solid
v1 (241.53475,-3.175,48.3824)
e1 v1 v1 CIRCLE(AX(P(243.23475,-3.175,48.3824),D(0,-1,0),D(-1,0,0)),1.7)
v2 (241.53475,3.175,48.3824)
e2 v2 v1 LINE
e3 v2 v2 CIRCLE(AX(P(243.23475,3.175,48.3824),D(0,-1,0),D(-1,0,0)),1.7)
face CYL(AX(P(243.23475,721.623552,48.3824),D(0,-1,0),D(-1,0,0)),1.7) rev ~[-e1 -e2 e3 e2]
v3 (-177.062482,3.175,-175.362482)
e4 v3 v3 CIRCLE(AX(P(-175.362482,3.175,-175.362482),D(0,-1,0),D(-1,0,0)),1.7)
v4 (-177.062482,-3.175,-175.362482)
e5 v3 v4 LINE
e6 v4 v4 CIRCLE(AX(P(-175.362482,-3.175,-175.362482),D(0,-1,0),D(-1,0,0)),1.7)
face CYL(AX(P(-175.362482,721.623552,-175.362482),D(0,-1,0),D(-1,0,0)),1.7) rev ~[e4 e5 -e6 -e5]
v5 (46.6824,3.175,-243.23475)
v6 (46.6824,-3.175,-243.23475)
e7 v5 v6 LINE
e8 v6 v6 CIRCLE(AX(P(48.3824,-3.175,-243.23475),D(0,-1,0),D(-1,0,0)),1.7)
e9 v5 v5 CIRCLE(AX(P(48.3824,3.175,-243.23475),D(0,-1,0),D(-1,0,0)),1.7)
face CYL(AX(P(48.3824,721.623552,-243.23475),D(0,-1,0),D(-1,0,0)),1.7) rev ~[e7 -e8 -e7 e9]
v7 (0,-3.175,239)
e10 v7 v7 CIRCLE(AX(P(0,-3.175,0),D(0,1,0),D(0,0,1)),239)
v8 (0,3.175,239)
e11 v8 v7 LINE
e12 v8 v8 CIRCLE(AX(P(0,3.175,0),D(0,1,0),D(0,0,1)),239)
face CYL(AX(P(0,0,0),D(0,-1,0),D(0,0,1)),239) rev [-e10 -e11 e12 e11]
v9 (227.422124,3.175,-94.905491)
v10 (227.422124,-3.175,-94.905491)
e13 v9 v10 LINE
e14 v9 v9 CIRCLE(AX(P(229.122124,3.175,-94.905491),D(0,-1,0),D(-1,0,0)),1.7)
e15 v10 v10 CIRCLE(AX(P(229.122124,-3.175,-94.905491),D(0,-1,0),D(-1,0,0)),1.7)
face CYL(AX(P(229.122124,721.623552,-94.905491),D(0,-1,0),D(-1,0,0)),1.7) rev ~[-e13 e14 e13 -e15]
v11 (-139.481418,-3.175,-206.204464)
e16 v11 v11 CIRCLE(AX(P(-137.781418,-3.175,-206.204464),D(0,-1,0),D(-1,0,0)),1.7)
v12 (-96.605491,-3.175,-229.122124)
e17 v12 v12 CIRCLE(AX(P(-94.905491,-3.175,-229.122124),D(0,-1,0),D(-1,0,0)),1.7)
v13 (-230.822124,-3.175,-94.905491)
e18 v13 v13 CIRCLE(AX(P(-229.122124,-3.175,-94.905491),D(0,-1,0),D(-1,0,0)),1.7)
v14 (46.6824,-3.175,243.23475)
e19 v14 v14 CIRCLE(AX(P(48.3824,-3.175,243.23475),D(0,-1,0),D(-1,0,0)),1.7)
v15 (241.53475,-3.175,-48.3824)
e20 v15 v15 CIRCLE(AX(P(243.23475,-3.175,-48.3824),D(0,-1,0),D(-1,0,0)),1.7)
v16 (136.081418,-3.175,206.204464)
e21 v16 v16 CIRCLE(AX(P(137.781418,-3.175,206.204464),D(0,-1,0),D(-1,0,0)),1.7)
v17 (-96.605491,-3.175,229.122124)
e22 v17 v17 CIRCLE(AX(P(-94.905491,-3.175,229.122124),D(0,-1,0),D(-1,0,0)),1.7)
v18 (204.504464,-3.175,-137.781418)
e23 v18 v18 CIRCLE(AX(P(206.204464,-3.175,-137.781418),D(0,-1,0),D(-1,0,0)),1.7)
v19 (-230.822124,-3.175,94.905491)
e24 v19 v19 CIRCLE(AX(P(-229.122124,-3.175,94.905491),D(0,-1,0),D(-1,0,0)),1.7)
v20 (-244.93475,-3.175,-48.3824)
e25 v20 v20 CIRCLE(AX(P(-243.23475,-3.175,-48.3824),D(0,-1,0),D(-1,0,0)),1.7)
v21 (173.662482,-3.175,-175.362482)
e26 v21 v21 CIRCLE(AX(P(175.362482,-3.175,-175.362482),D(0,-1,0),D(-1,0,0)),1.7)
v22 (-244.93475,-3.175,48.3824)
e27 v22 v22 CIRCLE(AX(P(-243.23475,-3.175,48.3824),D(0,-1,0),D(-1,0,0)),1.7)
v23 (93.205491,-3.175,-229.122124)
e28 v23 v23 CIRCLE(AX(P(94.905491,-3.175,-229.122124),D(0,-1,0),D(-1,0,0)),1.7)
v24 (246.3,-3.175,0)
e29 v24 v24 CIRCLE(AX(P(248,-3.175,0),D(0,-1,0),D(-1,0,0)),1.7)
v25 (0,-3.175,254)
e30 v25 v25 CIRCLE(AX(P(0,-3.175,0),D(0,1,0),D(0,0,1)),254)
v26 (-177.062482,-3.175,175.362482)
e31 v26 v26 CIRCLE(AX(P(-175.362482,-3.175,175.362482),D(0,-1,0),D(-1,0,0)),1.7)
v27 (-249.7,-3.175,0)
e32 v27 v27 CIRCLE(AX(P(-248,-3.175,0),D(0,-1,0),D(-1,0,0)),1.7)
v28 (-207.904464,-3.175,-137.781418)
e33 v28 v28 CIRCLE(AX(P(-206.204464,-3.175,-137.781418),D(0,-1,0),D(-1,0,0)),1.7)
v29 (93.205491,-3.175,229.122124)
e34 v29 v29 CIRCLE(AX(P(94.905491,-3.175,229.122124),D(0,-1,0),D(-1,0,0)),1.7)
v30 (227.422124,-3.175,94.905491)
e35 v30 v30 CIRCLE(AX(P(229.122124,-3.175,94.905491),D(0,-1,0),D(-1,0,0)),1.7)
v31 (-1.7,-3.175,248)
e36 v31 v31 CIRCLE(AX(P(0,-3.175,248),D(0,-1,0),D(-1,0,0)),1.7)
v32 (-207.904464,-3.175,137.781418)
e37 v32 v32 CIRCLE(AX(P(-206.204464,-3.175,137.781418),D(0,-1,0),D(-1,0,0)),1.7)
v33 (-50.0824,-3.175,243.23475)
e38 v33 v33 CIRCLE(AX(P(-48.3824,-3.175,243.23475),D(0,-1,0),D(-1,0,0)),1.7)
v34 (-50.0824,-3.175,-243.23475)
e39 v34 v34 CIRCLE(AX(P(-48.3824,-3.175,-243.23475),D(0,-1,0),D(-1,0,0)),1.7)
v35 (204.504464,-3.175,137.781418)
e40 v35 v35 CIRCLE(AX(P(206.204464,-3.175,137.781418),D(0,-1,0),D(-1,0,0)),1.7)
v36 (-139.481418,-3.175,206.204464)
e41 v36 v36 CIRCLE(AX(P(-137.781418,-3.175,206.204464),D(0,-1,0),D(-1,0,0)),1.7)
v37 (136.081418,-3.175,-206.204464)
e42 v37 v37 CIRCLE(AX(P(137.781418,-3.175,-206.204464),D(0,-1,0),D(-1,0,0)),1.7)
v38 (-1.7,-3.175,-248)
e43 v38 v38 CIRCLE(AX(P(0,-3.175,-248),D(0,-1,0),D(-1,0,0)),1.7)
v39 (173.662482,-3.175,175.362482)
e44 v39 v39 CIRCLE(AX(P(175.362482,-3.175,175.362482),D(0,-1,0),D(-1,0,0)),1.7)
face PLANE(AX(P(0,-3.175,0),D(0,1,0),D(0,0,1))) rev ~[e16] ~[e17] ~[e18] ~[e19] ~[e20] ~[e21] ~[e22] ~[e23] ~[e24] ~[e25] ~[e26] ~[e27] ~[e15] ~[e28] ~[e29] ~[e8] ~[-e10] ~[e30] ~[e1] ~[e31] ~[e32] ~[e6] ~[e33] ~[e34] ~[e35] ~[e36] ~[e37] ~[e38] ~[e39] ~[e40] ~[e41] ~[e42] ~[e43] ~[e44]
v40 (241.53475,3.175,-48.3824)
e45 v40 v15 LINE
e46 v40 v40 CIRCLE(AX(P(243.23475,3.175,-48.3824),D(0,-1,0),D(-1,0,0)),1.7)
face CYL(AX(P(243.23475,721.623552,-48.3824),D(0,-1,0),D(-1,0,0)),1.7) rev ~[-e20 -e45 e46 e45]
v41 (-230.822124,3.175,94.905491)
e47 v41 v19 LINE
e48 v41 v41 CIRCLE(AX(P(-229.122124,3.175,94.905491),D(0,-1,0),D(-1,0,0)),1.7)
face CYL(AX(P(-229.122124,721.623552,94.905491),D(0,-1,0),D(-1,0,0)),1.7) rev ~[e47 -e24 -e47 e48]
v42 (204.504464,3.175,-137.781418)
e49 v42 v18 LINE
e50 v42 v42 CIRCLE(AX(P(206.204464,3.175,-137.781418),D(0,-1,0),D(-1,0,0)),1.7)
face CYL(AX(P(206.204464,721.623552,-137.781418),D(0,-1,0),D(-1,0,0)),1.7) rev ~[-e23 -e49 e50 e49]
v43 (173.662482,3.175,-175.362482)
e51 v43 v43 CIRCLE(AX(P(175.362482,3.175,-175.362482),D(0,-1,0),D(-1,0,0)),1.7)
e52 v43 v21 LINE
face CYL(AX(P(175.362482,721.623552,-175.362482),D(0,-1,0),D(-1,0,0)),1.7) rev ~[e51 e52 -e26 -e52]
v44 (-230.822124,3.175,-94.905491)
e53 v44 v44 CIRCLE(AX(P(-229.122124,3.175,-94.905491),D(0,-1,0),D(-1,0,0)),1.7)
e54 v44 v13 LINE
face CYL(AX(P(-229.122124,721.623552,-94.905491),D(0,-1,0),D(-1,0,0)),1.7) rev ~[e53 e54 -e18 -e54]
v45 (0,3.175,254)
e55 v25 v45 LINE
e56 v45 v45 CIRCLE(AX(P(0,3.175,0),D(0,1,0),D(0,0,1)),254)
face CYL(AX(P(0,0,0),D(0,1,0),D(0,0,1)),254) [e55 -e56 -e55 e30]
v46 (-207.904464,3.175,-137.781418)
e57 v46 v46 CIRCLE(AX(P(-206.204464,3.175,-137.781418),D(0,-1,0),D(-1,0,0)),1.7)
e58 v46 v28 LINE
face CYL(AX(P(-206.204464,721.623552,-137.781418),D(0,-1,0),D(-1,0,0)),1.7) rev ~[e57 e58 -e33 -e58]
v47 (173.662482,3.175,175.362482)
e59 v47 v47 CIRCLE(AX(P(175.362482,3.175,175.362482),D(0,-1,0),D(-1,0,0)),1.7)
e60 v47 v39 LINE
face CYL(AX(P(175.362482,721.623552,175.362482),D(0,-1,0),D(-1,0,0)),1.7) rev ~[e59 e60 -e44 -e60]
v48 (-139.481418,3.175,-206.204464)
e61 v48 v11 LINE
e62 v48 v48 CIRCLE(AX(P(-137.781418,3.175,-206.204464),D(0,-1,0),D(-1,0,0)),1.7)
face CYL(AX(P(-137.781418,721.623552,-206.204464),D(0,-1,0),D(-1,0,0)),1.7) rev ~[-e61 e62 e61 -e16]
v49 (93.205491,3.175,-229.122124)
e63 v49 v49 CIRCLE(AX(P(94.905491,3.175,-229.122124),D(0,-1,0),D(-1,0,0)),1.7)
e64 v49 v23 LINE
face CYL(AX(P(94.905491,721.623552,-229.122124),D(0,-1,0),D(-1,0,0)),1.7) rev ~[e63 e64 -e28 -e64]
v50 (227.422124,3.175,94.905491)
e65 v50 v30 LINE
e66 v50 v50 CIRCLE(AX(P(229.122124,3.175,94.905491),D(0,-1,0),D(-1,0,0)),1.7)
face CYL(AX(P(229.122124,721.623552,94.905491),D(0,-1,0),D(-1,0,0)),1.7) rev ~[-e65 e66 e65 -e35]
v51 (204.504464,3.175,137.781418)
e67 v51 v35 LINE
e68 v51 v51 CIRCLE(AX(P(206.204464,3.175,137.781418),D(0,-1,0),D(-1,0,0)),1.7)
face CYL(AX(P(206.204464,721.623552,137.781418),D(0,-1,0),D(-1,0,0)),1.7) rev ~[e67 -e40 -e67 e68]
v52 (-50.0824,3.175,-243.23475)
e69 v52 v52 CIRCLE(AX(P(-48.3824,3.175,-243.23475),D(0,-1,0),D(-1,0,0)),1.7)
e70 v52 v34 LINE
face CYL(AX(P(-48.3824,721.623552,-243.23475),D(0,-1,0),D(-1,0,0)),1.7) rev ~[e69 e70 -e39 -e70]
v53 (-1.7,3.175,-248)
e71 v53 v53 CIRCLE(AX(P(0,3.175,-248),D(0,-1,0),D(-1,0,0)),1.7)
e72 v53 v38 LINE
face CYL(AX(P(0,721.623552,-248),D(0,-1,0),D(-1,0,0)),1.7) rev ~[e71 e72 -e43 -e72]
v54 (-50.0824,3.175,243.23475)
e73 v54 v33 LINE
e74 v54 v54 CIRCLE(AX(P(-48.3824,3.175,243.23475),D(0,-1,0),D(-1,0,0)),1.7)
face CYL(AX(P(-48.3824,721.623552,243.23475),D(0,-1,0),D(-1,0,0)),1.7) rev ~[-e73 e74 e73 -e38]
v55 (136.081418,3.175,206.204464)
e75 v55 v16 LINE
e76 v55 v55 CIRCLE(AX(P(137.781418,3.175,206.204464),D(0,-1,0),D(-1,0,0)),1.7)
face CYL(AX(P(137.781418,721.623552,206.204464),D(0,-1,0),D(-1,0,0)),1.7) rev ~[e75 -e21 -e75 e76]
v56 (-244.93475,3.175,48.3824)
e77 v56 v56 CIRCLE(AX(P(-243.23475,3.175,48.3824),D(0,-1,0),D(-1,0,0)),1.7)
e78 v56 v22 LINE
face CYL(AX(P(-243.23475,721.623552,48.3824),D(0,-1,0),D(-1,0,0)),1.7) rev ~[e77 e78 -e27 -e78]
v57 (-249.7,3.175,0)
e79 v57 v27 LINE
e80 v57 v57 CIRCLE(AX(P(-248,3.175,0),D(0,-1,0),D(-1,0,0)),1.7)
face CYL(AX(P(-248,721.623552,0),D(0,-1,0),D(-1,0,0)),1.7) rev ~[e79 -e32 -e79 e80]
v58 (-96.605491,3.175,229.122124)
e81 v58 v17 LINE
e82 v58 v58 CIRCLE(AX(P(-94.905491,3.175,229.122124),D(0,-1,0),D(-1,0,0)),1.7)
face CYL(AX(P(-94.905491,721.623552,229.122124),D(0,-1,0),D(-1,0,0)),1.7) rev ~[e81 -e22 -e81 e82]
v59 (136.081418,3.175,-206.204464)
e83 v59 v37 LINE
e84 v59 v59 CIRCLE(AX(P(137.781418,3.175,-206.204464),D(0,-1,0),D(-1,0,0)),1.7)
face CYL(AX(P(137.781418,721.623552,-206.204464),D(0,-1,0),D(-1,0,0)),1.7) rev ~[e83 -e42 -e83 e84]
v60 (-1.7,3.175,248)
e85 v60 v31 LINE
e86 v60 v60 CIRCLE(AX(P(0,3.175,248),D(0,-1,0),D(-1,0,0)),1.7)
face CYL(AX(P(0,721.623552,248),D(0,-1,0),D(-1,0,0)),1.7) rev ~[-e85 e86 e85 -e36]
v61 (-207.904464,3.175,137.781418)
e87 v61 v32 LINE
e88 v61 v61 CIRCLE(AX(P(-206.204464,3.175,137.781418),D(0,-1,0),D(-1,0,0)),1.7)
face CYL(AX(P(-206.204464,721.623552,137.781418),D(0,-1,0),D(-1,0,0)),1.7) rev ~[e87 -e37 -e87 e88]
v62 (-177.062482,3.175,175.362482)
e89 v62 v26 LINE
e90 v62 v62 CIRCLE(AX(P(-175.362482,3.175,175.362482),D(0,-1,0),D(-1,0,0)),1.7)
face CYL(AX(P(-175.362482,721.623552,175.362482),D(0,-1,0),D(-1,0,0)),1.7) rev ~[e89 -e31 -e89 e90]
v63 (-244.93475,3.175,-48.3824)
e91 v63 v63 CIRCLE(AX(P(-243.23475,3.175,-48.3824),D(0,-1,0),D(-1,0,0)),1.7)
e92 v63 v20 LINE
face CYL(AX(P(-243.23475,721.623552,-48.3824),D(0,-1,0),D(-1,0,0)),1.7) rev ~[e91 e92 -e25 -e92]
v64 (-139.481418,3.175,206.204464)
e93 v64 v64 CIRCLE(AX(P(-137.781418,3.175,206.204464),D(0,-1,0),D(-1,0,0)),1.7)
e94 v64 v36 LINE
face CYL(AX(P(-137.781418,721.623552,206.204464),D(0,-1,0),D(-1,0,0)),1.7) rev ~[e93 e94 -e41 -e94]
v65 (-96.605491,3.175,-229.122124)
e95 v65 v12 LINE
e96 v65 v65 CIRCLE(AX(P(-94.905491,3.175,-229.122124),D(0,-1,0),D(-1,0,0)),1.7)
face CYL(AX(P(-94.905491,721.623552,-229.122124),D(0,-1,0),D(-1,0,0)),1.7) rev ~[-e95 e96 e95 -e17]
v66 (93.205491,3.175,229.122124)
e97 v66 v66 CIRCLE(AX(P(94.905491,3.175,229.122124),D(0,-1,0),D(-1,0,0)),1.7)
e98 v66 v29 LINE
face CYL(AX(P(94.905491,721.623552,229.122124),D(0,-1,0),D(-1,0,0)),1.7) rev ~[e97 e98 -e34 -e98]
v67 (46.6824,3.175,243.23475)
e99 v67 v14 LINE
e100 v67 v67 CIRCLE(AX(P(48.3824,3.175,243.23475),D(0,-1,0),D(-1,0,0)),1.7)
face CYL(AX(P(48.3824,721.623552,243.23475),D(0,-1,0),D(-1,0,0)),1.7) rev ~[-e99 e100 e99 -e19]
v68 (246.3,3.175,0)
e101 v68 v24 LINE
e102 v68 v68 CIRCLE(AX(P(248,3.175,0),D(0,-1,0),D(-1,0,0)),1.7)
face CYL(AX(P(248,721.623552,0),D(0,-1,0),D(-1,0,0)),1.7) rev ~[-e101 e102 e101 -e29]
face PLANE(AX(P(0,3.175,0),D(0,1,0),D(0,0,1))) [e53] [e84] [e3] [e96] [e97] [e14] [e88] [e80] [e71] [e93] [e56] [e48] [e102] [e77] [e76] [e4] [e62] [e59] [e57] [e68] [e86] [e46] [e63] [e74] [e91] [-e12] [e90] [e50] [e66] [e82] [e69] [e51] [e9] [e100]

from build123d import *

# Parameters (mm, degrees)
SKETCH1_R            = 254
SKETCH1_R_2          = 239
BOSS_EXTRUDE1_DEPTH  = 3.175
M3_CLEARANCE_HOLE1_D = 3.4


with BuildPart() as part:
    # Sketch1 → Boss-Extrude1 (new, symmetric)
    with BuildSketch(Plane(origin=(0, 0, 0), x_dir=(1, 0, 0), z_dir=(0, 1, 0))):
        with Locations(Location((0, 0, 0), (0, 0, 270))):
            Circle(SKETCH1_R)
        with Locations(Location((0, 0, 0), (0, 0, 270))):
            Circle(SKETCH1_R_2, mode=Mode.SUBTRACT)
    extrude(amount=BOSS_EXTRUDE1_DEPTH, both=True)

    # M3 Clearance Hole1 (through all)
    with Locations(Plane(origin=(0, 3.175, 0), x_dir=(1, 0, 0), z_dir=(0, 1, 0))):
        with Locations((248, 0), (243.23474954, -48.38239986), (229.122124063, -94.905491227), (206.204463851, -137.781417789), (175.362481734, -175.362481734), (137.781417789, -206.204463851), (94.905491227, -229.122124063), (48.38239986, -243.23474954), (0, -248), (-48.38239986, -243.23474954), (-94.905491227, -229.122124063), (-137.781417789, -206.204463851), (-175.362481734, -175.362481734), (-206.204463851, -137.781417789), (-229.122124063, -94.905491227), (-243.23474954, -48.38239986), (-248, 0), (-243.23474954, 48.38239986), (-229.122124063, 94.905491227), (-206.204463851, 137.781417789), (-175.362481734, 175.362481734), (-137.781417789, 206.204463851), (-94.905491227, 229.122124063), (-48.38239986, 243.23474954), (0, 248), (48.38239986, 243.23474954), (94.905491227, 229.122124063), (137.781417789, 206.204463851), (175.362481734, 175.362481734), (206.204463851, 137.781417789), (229.122124063, 94.905491227), (243.23474954, 48.38239986)):
            Hole(M3_CLEARANCE_HOLE1_D / 2)


solid = part.part
